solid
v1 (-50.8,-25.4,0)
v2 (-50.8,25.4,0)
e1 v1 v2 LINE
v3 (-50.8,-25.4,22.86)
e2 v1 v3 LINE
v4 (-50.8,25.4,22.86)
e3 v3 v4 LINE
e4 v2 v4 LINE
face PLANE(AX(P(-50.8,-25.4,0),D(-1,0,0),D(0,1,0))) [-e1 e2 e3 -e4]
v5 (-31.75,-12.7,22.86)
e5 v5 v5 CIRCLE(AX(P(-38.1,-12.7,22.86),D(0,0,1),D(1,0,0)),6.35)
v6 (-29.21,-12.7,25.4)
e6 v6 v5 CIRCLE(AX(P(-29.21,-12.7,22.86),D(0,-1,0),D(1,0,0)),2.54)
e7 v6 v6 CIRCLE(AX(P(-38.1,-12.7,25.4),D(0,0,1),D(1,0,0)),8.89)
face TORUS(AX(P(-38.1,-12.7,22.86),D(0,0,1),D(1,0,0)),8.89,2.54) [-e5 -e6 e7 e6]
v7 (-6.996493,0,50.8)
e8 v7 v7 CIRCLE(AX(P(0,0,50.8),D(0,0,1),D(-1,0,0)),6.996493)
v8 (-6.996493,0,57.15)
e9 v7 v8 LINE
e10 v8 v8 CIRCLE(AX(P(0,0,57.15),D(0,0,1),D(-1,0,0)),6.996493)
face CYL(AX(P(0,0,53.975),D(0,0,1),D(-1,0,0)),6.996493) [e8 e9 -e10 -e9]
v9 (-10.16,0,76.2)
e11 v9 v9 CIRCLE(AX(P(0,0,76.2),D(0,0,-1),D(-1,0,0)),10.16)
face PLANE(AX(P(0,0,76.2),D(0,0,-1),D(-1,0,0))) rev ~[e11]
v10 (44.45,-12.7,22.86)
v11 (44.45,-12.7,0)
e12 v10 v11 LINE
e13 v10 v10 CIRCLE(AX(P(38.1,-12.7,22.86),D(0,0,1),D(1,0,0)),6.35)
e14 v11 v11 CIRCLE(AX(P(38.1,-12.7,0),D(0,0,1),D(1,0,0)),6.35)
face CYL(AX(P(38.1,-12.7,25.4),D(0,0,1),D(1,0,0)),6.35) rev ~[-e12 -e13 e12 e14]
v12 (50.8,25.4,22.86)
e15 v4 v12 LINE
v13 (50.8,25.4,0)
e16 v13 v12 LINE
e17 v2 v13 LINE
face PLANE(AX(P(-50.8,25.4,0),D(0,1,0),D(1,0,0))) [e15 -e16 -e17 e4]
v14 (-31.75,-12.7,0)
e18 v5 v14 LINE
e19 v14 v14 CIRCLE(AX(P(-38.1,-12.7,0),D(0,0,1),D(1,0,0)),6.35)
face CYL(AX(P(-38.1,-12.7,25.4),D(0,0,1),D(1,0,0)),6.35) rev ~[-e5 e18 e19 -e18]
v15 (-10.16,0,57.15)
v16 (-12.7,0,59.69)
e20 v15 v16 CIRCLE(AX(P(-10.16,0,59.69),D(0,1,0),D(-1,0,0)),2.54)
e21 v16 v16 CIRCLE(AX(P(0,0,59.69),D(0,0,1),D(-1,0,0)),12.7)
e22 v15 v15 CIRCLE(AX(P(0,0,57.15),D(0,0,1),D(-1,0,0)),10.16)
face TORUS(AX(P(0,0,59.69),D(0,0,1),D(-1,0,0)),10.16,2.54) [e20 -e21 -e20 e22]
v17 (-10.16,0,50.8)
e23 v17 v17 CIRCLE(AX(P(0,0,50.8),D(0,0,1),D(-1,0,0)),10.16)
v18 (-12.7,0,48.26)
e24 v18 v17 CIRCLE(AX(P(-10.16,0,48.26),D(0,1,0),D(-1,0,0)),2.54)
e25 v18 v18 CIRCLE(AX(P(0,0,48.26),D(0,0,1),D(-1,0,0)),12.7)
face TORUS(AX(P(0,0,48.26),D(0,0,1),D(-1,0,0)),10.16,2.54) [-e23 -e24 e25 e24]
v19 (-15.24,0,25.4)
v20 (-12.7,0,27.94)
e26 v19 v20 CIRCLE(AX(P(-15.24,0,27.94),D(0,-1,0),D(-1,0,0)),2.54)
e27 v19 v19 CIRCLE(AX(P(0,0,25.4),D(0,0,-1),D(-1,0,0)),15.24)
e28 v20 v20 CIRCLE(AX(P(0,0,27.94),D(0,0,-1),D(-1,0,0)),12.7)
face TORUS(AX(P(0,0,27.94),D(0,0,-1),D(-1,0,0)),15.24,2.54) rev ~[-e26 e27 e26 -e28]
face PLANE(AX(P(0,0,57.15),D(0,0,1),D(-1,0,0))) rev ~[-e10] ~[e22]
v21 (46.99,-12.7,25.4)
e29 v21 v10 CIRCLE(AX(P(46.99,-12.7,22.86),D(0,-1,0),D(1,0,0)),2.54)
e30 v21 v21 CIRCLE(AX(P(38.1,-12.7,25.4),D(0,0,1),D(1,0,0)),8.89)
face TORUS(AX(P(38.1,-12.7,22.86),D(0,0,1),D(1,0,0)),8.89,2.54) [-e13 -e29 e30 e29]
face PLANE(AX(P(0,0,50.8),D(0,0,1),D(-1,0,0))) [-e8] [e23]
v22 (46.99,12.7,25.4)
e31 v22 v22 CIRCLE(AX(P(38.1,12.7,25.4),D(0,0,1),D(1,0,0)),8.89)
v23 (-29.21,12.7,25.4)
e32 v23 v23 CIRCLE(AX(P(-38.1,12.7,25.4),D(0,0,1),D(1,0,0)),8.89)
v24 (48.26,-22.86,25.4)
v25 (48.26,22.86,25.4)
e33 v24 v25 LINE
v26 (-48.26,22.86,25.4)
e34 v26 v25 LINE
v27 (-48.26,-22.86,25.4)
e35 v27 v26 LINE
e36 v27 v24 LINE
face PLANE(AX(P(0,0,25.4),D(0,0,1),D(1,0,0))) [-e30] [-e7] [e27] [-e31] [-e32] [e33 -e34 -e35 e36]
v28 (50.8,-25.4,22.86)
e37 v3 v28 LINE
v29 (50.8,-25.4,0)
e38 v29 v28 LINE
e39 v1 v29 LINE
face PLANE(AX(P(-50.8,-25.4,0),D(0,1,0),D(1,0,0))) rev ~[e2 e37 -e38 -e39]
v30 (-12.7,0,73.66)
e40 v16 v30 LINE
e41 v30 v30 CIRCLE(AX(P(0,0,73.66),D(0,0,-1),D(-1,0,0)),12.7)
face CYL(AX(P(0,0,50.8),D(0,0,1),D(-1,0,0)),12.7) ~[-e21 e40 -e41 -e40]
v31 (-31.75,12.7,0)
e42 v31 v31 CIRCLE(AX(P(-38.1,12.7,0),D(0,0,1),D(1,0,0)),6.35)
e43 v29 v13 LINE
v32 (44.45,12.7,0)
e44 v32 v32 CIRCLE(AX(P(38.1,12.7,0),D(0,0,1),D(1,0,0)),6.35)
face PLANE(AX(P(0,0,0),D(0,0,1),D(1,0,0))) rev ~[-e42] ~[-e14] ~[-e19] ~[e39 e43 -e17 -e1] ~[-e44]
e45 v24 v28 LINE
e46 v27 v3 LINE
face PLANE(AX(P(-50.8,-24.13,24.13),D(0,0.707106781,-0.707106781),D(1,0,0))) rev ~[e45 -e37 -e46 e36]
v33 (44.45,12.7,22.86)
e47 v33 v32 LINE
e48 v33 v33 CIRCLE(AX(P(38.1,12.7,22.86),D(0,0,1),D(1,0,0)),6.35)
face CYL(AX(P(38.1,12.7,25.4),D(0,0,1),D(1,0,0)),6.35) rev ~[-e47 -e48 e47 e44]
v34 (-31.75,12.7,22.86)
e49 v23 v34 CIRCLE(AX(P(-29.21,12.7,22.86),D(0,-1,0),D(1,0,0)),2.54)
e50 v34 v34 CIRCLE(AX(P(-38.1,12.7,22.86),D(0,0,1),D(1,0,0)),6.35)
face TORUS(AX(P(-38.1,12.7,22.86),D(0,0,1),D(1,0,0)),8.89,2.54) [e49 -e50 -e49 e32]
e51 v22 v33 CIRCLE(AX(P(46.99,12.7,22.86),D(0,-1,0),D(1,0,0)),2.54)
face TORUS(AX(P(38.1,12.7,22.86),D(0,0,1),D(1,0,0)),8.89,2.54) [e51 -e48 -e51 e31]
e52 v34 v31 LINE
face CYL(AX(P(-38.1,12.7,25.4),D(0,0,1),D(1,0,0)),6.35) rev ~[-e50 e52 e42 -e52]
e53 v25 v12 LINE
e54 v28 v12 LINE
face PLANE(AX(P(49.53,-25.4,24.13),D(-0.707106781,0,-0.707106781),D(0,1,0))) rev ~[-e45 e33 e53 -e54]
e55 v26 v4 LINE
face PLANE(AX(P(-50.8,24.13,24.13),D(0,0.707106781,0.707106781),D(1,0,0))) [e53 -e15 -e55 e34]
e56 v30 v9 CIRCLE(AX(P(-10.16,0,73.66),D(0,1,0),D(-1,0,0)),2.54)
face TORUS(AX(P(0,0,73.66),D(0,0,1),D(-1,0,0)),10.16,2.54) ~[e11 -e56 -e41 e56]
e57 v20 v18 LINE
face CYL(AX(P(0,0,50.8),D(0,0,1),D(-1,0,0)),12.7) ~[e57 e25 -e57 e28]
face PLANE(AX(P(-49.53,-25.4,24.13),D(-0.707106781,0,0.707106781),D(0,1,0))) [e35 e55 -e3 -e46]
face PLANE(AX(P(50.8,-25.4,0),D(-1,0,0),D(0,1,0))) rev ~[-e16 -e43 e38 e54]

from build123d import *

# Parameters (mm, degrees)
F0_W     = 101.6
F0_H     = 50.8
F1_DEPTH = 25.4
F2_R     = 6.35
F3_DEPTH = 25.401
F4_W     = 12.7
F4_H     = 50.8
F6_W     = 16.1429308974
F6_H     = 6.35
F8_R     = 2.54
F9_SIZE  = 2.54


with BuildPart() as f1:
    # F0 (on Top) → F1 (new body)
    with BuildSketch(Plane.XY):
        Rectangle(F0_W, F0_H)
    extrude(amount=F1_DEPTH)

    # F2 (on face) → F3 (cut, through all)
    with BuildSketch(Plane.XY.offset(25.4)):
        with Locations((38.1, -12.7)):
            Circle(F2_R)
        with Locations((-38.1, -12.7)):
            Circle(F2_R)
        with Locations((-38.1, 12.7)):
            Circle(F2_R)
        with Locations((38.1, 12.7)):
            Circle(F2_R)
    extrude(amount=-F3_DEPTH, mode=Mode.SUBTRACT)

    # F4 (on Front) → F5 (revolve)
    with BuildSketch(Plane.XZ):
        with Locations((-6.35, 50.8)):
            Rectangle(F4_W, F4_H)
    revolve(axis=Axis((0, 0, 50.8), (0, 0, -1)))

    # F6 (on Front) → F7 (revolve, cut)
    with BuildSketch(Plane.XZ):
        with Locations((-15.0679587696, 53.975)):
            Rectangle(F6_W, F6_H)
    revolve(axis=Axis((0, 0, 41.794333607), (0, 0, 1)), mode=Mode.SUBTRACT)

    # F8
    f8_edges = [f1.edges().sort_by_distance(p)[0] for p in [
        (12.7, 0, 76.2),
        (12.7, 0, 57.15),
        (12.7, 0, 50.8),
        (12.7, 0, 25.4),
        (-44.45, -12.7, 25.4),
        (-44.45, 12.7, 25.4),
        (31.75, -12.7, 25.4),
        (31.75, 12.7, 25.4),
    ]]
    fillet(f8_edges, radius=F8_R)

    # F9
    f9_edges = [f1.edges().sort_by_distance(p)[0] for p in [
        (-50.8, 0, 25.4),
        (0, -25.4, 25.4),
        (50.8, 0, 25.4),
        (0, 25.4, 25.4),
    ]]
    chamfer(f9_edges, length=F9_SIZE)


solid = f1.part
